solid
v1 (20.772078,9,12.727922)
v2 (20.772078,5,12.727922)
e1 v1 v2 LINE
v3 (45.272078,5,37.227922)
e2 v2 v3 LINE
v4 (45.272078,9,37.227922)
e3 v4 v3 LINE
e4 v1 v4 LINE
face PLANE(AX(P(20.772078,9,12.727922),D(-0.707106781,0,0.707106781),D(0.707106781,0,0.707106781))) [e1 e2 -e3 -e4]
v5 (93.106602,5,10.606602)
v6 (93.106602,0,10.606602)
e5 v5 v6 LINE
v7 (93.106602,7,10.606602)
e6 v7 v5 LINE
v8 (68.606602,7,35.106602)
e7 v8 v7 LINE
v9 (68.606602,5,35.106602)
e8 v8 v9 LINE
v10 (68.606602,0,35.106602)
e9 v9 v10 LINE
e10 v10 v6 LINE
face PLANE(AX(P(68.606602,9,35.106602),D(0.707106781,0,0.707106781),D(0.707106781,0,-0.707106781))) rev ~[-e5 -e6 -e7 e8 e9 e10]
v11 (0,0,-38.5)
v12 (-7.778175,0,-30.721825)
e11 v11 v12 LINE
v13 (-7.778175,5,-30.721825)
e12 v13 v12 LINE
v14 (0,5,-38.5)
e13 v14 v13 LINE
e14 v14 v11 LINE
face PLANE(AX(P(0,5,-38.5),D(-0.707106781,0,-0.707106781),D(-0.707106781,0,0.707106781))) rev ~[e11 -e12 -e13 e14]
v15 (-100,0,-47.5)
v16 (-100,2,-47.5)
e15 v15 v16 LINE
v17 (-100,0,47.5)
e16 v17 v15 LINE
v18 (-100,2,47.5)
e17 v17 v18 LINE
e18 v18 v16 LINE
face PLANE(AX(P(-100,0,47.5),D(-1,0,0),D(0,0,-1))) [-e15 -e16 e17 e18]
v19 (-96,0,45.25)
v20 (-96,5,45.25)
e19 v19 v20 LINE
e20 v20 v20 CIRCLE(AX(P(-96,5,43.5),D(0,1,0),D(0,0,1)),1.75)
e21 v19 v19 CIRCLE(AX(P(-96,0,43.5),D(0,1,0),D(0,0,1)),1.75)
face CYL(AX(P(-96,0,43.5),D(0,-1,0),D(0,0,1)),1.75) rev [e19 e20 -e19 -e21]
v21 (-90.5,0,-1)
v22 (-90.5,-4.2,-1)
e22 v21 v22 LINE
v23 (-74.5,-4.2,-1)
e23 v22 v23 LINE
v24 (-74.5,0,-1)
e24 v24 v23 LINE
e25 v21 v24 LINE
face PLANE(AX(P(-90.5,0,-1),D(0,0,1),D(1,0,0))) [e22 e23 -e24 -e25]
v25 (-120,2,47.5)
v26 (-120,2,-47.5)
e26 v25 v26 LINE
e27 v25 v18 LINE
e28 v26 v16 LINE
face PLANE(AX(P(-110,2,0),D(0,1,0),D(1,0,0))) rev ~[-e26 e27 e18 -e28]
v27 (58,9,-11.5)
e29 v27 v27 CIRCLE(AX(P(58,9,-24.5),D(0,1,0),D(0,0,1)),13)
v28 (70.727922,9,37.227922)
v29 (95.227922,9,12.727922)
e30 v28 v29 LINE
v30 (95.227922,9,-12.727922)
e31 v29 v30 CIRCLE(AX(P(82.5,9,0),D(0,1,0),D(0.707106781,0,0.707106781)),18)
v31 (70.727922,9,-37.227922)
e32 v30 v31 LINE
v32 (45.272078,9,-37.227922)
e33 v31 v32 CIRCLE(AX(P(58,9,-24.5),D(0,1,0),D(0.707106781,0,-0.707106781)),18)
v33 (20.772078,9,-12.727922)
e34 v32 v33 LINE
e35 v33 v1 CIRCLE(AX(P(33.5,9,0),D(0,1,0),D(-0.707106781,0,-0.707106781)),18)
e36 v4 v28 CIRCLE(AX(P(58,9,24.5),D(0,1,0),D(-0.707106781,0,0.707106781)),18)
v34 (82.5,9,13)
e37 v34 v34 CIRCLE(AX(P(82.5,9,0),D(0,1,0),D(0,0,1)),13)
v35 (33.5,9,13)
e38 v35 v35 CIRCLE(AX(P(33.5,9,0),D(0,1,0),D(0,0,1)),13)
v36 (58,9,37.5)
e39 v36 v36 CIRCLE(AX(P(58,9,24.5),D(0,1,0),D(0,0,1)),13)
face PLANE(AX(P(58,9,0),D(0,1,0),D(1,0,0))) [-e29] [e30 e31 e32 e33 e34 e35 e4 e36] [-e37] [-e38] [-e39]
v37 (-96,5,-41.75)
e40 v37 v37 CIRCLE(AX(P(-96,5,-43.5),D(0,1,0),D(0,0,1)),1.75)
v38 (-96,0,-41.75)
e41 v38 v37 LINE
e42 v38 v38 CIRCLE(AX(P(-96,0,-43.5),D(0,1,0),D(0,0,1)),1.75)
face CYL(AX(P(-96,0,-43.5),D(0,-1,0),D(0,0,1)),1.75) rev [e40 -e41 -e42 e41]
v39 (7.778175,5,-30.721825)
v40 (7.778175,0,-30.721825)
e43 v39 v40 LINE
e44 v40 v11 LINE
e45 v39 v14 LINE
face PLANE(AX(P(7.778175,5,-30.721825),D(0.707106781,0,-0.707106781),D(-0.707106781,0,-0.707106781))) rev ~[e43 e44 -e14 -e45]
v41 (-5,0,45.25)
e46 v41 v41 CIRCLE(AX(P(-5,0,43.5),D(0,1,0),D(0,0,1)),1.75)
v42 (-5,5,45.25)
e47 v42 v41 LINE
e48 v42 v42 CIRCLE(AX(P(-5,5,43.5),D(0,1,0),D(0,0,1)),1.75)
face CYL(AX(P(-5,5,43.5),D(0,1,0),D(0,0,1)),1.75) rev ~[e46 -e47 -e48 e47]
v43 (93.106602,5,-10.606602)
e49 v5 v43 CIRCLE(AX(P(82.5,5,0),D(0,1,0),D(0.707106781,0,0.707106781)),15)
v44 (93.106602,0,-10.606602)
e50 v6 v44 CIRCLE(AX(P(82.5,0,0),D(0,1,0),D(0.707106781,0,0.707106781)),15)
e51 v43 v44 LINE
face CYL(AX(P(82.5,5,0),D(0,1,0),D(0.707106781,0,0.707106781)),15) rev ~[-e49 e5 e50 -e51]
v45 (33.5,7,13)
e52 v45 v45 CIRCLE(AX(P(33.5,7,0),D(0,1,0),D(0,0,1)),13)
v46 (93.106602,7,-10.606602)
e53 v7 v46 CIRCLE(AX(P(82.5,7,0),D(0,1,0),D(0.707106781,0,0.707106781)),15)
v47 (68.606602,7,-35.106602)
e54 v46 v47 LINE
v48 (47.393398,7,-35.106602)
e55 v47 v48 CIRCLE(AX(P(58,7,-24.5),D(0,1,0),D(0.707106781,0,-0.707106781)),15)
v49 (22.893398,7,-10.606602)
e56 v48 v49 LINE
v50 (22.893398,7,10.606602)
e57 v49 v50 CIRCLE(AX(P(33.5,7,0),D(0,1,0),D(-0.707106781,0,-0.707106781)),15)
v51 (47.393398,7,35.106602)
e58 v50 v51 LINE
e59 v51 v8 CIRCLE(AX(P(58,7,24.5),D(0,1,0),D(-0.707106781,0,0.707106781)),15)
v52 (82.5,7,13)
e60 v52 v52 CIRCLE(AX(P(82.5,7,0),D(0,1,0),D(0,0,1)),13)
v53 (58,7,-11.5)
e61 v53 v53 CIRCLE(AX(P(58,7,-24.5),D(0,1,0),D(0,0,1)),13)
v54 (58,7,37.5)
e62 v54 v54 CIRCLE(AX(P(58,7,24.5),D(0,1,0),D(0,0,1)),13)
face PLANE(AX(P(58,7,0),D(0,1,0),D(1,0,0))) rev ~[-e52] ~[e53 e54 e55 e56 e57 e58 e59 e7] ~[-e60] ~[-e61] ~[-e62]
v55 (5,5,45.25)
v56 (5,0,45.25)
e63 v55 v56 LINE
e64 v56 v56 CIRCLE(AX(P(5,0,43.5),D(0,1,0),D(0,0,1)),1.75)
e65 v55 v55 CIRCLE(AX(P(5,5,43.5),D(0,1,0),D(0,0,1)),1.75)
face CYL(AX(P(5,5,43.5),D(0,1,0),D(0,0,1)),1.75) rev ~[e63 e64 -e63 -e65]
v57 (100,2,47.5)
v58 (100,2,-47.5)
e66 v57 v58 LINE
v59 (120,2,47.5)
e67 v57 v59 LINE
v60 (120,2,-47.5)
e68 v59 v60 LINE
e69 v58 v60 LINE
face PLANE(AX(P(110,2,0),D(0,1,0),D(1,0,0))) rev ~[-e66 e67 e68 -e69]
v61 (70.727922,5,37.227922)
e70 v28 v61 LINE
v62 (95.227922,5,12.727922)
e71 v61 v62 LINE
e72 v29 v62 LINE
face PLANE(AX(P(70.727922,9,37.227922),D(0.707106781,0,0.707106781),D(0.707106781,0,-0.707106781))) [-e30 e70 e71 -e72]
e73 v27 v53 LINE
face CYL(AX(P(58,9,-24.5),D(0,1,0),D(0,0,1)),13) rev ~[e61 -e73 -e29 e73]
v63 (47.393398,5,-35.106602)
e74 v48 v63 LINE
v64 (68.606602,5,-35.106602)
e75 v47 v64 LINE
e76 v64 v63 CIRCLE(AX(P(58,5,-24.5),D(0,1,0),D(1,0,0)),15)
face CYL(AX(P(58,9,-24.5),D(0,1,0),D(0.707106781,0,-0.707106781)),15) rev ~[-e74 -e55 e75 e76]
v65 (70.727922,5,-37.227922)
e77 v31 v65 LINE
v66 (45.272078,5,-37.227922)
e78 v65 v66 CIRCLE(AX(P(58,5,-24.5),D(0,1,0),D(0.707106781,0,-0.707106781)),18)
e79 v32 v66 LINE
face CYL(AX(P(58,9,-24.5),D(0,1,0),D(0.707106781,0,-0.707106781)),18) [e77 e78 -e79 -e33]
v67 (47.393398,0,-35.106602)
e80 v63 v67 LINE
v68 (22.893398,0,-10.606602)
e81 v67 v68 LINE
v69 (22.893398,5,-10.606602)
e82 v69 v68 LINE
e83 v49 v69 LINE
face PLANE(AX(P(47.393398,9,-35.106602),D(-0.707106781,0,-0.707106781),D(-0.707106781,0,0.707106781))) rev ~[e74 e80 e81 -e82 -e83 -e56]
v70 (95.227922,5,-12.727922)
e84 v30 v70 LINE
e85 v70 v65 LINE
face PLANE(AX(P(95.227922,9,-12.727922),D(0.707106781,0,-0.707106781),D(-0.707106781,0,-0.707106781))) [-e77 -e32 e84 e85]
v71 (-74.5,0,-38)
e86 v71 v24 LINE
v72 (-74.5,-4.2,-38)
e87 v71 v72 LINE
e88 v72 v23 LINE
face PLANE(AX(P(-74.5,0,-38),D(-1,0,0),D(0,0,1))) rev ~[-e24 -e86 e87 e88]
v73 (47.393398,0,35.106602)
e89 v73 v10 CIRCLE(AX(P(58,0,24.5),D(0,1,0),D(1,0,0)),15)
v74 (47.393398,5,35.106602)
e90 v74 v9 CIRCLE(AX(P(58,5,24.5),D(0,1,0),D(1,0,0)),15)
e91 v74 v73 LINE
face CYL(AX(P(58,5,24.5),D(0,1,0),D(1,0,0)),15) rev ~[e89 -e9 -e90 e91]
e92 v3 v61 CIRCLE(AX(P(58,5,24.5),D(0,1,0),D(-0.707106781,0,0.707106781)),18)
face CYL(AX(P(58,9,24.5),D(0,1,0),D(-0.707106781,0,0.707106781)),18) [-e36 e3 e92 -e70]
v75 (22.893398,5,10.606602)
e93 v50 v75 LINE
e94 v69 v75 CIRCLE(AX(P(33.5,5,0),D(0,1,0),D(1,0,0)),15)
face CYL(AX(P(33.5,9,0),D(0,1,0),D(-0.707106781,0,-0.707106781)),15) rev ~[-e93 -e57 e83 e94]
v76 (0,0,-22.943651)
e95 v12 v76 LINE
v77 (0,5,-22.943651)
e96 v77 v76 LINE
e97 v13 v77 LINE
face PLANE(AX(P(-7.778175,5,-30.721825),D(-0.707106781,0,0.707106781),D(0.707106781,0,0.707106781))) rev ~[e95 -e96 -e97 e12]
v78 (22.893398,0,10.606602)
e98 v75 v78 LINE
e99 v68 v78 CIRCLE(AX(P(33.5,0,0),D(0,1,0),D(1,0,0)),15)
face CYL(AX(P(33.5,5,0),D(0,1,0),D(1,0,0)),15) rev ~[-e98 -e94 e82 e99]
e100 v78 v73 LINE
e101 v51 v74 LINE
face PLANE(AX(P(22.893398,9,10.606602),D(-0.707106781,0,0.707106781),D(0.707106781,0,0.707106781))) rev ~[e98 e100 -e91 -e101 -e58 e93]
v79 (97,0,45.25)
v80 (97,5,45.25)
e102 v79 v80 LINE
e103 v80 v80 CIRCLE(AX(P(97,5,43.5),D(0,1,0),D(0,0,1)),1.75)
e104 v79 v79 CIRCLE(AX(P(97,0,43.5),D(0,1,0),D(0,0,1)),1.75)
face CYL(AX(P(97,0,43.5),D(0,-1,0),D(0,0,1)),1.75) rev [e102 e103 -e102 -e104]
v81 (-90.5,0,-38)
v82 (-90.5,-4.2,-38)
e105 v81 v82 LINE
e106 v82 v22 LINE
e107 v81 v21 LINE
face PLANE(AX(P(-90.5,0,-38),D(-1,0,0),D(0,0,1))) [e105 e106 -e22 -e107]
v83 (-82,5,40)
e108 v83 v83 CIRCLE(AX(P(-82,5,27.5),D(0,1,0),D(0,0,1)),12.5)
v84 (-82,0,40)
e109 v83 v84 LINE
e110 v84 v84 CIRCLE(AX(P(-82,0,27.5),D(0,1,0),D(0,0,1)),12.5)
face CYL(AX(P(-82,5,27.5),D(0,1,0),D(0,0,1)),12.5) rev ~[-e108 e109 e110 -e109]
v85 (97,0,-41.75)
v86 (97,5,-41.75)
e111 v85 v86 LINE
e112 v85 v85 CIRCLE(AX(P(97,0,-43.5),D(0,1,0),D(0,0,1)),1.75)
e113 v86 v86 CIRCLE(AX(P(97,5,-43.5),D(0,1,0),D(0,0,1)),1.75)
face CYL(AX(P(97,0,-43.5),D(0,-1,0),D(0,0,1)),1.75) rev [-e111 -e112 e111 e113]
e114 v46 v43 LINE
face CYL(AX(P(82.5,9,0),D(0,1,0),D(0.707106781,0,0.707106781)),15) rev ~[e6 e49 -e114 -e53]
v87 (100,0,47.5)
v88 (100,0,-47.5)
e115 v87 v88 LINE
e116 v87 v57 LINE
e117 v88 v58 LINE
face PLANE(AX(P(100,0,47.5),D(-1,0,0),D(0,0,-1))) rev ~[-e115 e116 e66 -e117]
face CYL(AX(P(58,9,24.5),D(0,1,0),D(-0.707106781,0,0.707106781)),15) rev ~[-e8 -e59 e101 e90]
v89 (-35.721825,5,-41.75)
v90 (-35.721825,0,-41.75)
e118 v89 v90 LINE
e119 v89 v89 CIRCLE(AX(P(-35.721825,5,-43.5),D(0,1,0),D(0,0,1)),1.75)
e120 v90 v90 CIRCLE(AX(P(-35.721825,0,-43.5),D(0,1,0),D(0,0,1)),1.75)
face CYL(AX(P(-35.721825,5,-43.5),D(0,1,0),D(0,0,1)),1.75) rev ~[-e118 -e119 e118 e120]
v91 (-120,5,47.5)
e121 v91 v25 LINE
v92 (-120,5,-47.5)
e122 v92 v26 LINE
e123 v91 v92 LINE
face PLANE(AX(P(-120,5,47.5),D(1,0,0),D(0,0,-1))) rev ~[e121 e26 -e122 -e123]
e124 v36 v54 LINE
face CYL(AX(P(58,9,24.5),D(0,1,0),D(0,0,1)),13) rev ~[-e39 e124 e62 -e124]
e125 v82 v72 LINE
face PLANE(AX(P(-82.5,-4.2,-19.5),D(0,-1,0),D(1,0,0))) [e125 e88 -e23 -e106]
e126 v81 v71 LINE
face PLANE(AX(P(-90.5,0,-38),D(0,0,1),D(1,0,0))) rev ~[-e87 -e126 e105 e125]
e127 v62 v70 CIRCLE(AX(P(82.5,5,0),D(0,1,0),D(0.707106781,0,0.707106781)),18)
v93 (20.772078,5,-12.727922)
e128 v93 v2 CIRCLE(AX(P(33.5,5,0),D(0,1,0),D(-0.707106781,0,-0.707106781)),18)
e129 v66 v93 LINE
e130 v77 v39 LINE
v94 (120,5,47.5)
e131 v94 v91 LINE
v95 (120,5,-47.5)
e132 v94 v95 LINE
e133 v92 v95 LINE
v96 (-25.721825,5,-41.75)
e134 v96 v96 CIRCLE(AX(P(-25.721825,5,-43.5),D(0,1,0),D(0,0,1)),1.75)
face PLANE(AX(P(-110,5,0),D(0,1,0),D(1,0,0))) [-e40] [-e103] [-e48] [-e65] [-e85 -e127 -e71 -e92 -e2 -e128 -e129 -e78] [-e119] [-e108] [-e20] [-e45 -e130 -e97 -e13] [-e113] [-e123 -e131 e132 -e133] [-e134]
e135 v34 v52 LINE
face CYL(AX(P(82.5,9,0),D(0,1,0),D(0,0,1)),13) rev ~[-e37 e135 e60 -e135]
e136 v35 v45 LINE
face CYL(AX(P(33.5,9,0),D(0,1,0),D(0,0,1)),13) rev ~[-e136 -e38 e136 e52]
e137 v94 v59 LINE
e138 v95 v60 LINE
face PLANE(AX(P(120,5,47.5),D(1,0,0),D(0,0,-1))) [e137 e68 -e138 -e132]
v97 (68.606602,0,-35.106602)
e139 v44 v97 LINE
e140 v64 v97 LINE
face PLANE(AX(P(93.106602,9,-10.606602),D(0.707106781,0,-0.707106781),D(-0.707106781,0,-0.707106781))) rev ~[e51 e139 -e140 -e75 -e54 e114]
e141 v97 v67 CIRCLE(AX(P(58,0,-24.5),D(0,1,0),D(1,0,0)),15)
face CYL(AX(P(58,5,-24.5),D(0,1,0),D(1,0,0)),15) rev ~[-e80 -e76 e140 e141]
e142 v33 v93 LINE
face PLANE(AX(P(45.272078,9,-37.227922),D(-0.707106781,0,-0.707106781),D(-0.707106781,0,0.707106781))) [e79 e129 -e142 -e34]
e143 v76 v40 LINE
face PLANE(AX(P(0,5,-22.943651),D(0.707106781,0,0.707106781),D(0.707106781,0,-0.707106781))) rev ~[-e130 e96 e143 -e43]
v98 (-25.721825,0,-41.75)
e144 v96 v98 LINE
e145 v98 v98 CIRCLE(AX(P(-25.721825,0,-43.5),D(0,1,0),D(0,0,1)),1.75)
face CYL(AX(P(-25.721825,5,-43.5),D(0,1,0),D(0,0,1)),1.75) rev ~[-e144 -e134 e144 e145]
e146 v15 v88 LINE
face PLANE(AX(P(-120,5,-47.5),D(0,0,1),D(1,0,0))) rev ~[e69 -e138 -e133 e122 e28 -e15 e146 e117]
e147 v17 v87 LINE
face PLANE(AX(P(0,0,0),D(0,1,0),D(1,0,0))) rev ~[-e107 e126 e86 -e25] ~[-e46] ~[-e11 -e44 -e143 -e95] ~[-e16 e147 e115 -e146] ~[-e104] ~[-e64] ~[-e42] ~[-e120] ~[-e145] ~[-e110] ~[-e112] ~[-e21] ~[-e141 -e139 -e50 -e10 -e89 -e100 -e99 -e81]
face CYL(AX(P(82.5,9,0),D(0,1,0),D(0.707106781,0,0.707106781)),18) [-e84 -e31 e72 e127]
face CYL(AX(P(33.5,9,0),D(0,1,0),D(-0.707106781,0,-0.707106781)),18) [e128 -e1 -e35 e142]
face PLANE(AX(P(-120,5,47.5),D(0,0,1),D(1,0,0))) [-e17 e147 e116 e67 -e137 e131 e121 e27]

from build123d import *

# Parameters (mm, degrees)
SKETCH1_W           = 200
SKETCH1_H           = 95
SKETCH1_R           = 1.75
BOSS_EXTRUDE1_DEPTH = 5
SKETCH2_R           = 15
SKETCH2_R_2         = 12.5
CUT_EXTRUDE1_DEPTH  = 5
SKETCH4_W           = 16
SKETCH4_H           = 37
BOSS_EXTRUDE2_DEPTH = 4.2
SKETCH6_W           = 20
SKETCH6_H           = 95
BOSS_EXTRUDE3_DEPTH = 3
BOSS_EXTRUDE4_START = 4
BOSS_EXTRUDE4_DEPTH = 4
SKETCH9_R           = 13
BOSS_EXTRUDE5_DEPTH = 2
CUT_EXTRUDE2_DEPTH  = 5
SKETCH11_R          = 1.75
CUT_EXTRUDE3_DEPTH  = 10


with BuildPart() as part:
    # Sketch1 → Boss-Extrude1 (new body)
    with BuildSketch(Plane(origin=(0, 0, 0), x_dir=(1, 0, 0), z_dir=(0, 1, 0))):
        Rectangle(SKETCH1_W, SKETCH1_H)
        with Locations(Location((-96, 43.5, 0), (0, 0, 270))):
            Circle(SKETCH1_R, mode=Mode.SUBTRACT)
        with Locations(Location((-96, -43.5, 0), (0, 0, 270))):
            Circle(SKETCH1_R, mode=Mode.SUBTRACT)
        with Locations(Location((97, 43.5, 0), (0, 0, 270))):
            Circle(SKETCH1_R, mode=Mode.SUBTRACT)
        with Locations(Location((97, -43.5, 0), (0, 0, 270))):
            Circle(SKETCH1_R, mode=Mode.SUBTRACT)
    extrude(amount=BOSS_EXTRUDE1_DEPTH)

    # Sketch2 → Cut-Extrude1 (cut)
    with BuildSketch(Plane(origin=(0, 5, 0), x_dir=(1, 0, 0), z_dir=(0, 1, 0))):
        with Locations((33.5, 0)):
            Circle(SKETCH2_R)
        with BuildLine():
            ThreePointArc((48.5, 0), (39.240251485, -13.858192988), (22.893398282, -10.606601718))
            Line((22.893398282, -10.606601718), (47.393398282, -35.106601718))
            ThreePointArc((47.393398282, -35.106601718), (52.259748515, -10.641807012), (73, -24.5))
            ThreePointArc((73, -24.5), (71.858192988, -30.240251485), (68.606601718, -35.106601718))
            Line((68.606601718, -35.106601718), (93.106601718, -10.606601718))
            ThreePointArc((93.106601718, -10.606601718), (67.5, 0), (93.106601718, 10.606601718))
            Line((93.106601718, 10.606601718), (68.606601718, 35.106601718))
            ThreePointArc((68.606601718, 35.106601718), (71.858192988, 30.240251485), (73, 24.5))
            ThreePointArc((73, 24.5), (52.259748515, 10.641807012), (47.393398282, 35.106601718))
            Line((47.393398282, 35.106601718), (22.893398282, 10.606601718))
            ThreePointArc((22.893398282, 10.606601718), (39.240251485, 13.858192988), (48.5, 0))
        make_face()
        with Locations((58, -24.5)):
            Circle(SKETCH2_R)
        with Locations((82.5, 0)):
            Circle(SKETCH2_R)
        with Locations((58, 24.5)):
            Circle(SKETCH2_R)
        with Locations(Location((-82, -27.5, 0), (0, 0, 270))):
            Circle(SKETCH2_R_2)
    extrude(amount=-CUT_EXTRUDE1_DEPTH, mode=Mode.SUBTRACT)

    # Sketch4 → Boss-Extrude2 (add)
    with BuildSketch(Plane.XZ):
        with Locations((-82.5, -19.5)):
            Rectangle(SKETCH4_W, SKETCH4_H)
    extrude(amount=BOSS_EXTRUDE2_DEPTH)

    # Sketch6 → Boss-Extrude3 (add)
    with BuildSketch(Plane(origin=(0, 5, 0), x_dir=(1, 0, 0), z_dir=(0, 1, 0))):
        with Locations((-110, 0)):
            Rectangle(SKETCH6_W, SKETCH6_H)
        with Locations((110, 0)):
            Rectangle(SKETCH6_W, SKETCH6_H)
    extrude(amount=-BOSS_EXTRUDE3_DEPTH)

    # Sketch8 → Boss-Extrude4 (add)
    with BuildSketch(Plane(origin=(0, 5, 0), x_dir=(1, 0, 0), z_dir=(0, 1, 0)).offset(BOSS_EXTRUDE4_START)):
        with BuildLine():
            Line((70.727922061, -37.227922061), (95.227922061, -12.727922061))
            ThreePointArc((95.227922061, -12.727922061), (100.5, 0), (95.227922061, 12.727922061))
            Line((95.227922061, 12.727922061), (70.727922061, 37.227922061))
            ThreePointArc((70.727922061, 37.227922061), (58, 42.5), (45.272077939, 37.227922061))
            Line((45.272077939, 37.227922061), (20.772077939, 12.727922061))
            ThreePointArc((20.772077939, 12.727922061), (15.5, 0), (20.772077939, -12.727922061))
            Line((20.772077939, -12.727922061), (45.272077939, -37.227922061))
            ThreePointArc((45.272077939, -37.227922061), (58, -42.5), (70.727922061, -37.227922061))
        make_face()
        with BuildLine():
            Line((22.893398282, -10.606601718), (47.393398282, -35.106601718))
            ThreePointArc((47.393398282, -35.106601718), (58, -39.5), (68.606601718, -35.106601718))
            Line((68.606601718, -35.106601718), (93.106601718, -10.606601718))
            ThreePointArc((93.106601718, -10.606601718), (97.5, 0), (93.106601718, 10.606601718))
            Line((93.106601718, 10.606601718), (68.606601718, 35.106601718))
            ThreePointArc((68.606601718, 35.106601718), (58, 39.5), (47.393398282, 35.106601718))
            Line((47.393398282, 35.106601718), (22.893398282, 10.606601718))
            ThreePointArc((22.893398282, 10.606601718), (18.5, 0), (22.893398282, -10.606601718))
        make_face(mode=Mode.SUBTRACT)
    extrude(amount=-BOSS_EXTRUDE4_DEPTH)

    # Sketch9 → Boss-Extrude5 (add)
    with BuildSketch(Plane(origin=(0, 9, 0), x_dir=(1, 0, 0), z_dir=(0, 1, 0))):
        with BuildLine():
            Line((22.893398282, -10.606601718), (47.393398282, -35.106601718))
            ThreePointArc((47.393398282, -35.106601718), (58, -39.5), (68.606601718, -35.106601718))
            Line((68.606601718, -35.106601718), (93.106601718, -10.606601718))
            ThreePointArc((93.106601718, -10.606601718), (97.5, 0), (93.106601718, 10.606601718))
            Line((93.106601718, 10.606601718), (68.606601718, 35.106601718))
            ThreePointArc((68.606601718, 35.106601718), (58, 39.5), (47.393398282, 35.106601718))
            Line((47.393398282, 35.106601718), (22.893398282, 10.606601718))
            ThreePointArc((22.893398282, 10.606601718), (18.5, 0), (22.893398282, -10.606601718))
        make_face()
        with Locations(Location((58, 24.5, 0), (0, 0, 270))):
            Circle(SKETCH9_R, mode=Mode.SUBTRACT)
        with Locations(Location((82.5, 0, 0), (0, 0, 270))):
            Circle(SKETCH9_R, mode=Mode.SUBTRACT)
        with Locations(Location((58, -24.5, 0), (0, 0, 270))):
            Circle(SKETCH9_R, mode=Mode.SUBTRACT)
        with Locations(Location((33.5, 0, 0), (0, 0, 270))):
            Circle(SKETCH9_R, mode=Mode.SUBTRACT)
    extrude(amount=-BOSS_EXTRUDE5_DEPTH)

    # Sketch10 → Cut-Extrude2 (cut)
    with BuildSketch(Plane(origin=(0, 5, 0), x_dir=(1, 0, 0), z_dir=(0, 1, 0))):
        Polygon((0, 38.5), (-7.778174593, 30.721825407), (0, 22.943650814), (7.778174593, 30.721825407), align=None)
    extrude(amount=-CUT_EXTRUDE2_DEPTH, mode=Mode.SUBTRACT)

    # Sketch11 → Cut-Extrude3 (cut)
    with BuildSketch(Plane(origin=(0, 5, 0), x_dir=(1, 0, 0), z_dir=(0, 1, 0))):
        with Locations(Location((-35.721825407, 43.5, 0), (0, 0, 270))):
            Circle(SKETCH11_R)
        with Locations(Location((-25.721825407, 43.5, 0), (0, 0, 270))):
            Circle(SKETCH11_R)
        with Locations(Location((5, -43.5, 0), (0, 0, 270))):
            Circle(SKETCH11_R)
        with Locations(Location((-5, -43.5, 0), (0, 0, 270))):
            Circle(SKETCH11_R)
    extrude(amount=-CUT_EXTRUDE3_DEPTH, mode=Mode.SUBTRACT)


solid = part.part
